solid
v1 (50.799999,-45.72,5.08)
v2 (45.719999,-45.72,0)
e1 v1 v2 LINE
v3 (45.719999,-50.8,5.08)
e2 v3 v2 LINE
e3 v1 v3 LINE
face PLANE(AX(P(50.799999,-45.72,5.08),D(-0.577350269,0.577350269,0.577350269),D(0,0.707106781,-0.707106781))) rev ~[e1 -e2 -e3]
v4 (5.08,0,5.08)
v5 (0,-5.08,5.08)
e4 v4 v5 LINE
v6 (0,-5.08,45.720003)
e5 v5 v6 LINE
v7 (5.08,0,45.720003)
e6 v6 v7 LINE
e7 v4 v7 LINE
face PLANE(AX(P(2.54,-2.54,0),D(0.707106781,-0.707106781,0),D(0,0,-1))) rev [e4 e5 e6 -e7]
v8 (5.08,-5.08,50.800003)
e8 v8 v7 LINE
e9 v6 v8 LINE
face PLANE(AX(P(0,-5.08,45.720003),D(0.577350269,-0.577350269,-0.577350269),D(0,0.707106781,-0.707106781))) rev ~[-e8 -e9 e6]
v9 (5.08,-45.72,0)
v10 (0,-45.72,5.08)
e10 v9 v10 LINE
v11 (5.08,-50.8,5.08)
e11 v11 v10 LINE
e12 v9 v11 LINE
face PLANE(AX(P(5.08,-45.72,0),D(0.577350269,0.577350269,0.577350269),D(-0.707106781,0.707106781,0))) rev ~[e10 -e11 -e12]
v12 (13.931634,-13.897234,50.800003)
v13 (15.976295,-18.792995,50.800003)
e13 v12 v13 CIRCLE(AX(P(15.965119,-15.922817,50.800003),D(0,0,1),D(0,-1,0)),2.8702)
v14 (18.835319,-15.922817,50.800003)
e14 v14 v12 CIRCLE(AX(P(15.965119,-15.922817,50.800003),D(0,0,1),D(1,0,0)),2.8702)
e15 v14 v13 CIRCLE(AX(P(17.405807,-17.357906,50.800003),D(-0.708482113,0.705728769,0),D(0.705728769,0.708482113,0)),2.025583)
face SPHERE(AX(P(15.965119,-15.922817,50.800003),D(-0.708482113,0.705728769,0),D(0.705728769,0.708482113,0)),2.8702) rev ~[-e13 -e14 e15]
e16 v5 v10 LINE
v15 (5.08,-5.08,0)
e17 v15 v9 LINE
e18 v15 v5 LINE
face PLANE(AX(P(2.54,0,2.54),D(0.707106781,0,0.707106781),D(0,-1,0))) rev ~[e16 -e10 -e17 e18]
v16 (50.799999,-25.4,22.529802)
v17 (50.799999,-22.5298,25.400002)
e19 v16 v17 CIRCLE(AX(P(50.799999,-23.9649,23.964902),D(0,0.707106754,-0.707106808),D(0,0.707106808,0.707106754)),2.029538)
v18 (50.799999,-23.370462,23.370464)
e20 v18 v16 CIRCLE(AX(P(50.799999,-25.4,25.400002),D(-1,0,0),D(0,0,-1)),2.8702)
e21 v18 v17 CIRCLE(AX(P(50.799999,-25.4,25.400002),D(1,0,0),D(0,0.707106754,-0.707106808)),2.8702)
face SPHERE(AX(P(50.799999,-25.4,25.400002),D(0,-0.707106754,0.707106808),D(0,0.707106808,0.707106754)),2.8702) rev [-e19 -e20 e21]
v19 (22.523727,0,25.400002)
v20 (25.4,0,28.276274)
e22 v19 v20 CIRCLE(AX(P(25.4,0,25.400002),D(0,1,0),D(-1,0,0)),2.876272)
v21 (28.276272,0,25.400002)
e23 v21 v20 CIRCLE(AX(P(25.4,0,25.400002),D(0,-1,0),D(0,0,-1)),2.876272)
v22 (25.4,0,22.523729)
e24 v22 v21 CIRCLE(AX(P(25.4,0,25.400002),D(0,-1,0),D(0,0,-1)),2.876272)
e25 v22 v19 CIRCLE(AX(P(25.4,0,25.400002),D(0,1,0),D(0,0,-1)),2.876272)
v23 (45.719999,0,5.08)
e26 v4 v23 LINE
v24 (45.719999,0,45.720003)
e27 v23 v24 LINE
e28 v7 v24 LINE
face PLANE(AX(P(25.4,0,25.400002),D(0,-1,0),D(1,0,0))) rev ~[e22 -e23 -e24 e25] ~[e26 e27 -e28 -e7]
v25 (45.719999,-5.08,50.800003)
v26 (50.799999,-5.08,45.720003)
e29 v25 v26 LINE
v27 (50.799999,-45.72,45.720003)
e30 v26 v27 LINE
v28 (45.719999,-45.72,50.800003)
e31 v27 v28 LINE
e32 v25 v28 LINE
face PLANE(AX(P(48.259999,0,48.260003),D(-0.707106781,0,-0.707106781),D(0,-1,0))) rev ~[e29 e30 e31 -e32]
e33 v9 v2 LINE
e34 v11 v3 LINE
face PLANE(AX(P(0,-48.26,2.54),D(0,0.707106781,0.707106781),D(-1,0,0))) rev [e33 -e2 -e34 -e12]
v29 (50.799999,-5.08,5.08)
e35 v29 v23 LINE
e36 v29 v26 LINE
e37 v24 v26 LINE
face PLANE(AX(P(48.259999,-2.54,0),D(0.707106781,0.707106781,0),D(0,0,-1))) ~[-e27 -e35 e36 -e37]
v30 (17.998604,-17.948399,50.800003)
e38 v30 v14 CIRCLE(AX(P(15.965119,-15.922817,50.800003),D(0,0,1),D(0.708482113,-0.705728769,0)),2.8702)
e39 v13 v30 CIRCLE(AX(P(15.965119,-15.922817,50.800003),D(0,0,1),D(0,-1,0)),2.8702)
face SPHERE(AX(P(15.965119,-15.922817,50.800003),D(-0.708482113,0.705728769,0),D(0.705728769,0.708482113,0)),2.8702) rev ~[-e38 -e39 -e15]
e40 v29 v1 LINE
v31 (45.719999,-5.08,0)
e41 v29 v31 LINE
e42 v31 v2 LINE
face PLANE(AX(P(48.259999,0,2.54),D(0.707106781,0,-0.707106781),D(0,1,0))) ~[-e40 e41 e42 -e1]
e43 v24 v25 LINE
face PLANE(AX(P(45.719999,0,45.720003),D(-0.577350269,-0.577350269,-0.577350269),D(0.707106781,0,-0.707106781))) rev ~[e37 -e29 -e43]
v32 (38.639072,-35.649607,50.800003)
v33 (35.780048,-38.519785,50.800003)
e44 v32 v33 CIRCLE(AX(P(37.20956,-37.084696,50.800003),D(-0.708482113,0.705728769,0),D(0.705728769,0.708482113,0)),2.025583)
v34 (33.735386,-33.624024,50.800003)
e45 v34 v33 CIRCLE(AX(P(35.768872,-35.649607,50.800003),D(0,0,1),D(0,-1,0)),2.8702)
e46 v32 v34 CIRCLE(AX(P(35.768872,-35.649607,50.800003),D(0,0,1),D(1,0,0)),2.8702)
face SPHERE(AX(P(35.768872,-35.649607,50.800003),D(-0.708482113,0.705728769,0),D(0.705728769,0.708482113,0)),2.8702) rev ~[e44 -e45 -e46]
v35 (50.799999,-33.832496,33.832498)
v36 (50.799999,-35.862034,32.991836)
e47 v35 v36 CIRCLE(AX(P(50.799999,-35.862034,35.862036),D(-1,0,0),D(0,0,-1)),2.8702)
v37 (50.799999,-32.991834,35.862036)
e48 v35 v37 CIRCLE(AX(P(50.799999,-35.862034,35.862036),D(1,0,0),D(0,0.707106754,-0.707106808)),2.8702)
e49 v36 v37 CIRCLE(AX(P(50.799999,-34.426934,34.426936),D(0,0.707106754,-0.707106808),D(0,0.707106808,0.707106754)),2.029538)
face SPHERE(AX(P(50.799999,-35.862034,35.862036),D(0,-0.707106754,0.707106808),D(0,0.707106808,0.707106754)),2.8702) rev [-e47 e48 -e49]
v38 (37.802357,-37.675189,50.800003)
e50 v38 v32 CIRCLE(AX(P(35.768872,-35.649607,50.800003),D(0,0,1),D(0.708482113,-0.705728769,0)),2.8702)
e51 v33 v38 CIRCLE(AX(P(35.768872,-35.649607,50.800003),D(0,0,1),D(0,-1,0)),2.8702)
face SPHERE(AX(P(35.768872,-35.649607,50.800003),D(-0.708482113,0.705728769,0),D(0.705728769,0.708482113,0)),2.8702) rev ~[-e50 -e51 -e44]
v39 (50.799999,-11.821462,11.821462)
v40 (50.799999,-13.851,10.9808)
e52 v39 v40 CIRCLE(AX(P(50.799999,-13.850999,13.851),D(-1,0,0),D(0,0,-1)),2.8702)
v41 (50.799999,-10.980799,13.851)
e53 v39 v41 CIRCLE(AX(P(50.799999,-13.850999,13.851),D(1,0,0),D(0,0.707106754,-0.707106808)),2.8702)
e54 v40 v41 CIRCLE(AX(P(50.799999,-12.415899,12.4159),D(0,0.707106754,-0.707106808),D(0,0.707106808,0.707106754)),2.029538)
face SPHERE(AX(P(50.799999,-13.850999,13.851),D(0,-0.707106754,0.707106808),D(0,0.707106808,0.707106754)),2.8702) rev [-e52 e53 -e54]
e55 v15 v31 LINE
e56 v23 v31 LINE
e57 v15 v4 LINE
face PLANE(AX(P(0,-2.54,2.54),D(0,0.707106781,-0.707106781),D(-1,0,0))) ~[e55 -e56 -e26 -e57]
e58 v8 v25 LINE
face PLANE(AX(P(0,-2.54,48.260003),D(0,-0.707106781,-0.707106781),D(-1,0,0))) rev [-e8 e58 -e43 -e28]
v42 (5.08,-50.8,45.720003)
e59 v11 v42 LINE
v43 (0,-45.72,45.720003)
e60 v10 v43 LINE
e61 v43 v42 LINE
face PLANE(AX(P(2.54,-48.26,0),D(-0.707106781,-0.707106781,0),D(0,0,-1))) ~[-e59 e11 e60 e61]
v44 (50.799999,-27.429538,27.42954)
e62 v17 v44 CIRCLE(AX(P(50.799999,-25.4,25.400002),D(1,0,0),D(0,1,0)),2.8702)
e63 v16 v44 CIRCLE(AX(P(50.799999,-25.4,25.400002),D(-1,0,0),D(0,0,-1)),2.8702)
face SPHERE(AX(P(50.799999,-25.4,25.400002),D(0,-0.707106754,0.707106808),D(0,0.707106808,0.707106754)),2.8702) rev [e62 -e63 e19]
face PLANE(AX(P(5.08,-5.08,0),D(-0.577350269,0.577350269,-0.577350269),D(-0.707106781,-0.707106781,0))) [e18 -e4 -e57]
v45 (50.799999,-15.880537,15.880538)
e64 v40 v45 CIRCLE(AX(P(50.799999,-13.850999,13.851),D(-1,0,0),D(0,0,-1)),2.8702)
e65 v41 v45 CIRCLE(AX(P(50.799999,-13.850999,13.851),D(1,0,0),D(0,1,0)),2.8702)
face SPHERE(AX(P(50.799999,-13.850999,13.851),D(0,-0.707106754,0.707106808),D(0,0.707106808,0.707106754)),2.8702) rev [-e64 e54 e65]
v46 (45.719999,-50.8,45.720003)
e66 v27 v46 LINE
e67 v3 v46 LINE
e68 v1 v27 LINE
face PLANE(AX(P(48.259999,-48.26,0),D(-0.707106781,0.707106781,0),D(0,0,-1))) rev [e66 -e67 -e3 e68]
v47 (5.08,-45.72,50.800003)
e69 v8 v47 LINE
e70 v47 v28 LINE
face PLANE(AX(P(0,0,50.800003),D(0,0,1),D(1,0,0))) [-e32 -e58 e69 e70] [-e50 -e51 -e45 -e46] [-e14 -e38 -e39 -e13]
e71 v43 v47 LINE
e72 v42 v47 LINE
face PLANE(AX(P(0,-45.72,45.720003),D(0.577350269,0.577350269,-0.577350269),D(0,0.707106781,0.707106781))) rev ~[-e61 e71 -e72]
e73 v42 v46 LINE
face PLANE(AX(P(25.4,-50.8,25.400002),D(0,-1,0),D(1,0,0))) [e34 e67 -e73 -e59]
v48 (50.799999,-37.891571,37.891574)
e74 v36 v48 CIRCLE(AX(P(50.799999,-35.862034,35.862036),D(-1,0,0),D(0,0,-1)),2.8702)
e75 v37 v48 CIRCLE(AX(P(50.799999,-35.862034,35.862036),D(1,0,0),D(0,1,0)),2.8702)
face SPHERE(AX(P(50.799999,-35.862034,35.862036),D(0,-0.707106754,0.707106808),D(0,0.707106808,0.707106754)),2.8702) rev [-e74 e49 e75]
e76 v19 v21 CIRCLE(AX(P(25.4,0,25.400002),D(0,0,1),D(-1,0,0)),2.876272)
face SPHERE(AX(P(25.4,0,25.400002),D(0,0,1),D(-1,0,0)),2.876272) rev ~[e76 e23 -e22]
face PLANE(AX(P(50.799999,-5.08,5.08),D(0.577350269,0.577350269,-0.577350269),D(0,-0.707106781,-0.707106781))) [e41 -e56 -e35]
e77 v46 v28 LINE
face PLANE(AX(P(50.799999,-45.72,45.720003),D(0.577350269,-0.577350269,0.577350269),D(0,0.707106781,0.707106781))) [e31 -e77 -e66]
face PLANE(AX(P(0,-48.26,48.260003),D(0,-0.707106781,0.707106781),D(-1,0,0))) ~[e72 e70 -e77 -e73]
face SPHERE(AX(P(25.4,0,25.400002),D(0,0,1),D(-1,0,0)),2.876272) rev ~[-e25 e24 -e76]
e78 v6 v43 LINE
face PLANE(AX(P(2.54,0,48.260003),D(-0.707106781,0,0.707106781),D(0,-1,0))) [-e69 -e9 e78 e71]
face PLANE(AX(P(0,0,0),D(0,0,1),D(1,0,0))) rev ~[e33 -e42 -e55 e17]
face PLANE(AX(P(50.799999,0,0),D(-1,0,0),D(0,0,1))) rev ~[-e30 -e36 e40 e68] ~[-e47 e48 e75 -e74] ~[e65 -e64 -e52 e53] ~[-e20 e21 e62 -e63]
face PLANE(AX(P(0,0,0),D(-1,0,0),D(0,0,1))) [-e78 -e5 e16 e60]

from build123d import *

# Parameters (mm, degrees)
F0_W     = 50.7999993861
F0_H     = 50.8000031114
F1_DEPTH = 50.8
F2_SIZE  = 5.08


with BuildPart() as f1:
    # F0 (on Front) → F1 (new body)
    with BuildSketch(Plane.XZ):
        with Locations((25.399999693, 25.4000015557)):
            Rectangle(F0_W, F0_H)
    extrude(amount=F1_DEPTH)

    # F2
    f2_edges = [f1.edges().sort_by_distance(p)[0] for p in [
        (25.4, -50.8, 50.800003),
        (0, -50.8, 25.400002),
        (25.4, -50.8, 0),
        (50.799999, -50.8, 25.400002),
        (50.799999, -25.4, 50.800003),
        (25.4, 0, 50.800003),
        (0, -25.4, 50.800003),
        (0, 0, 25.400002),
        (25.4, 0, 0),
        (50.799999, 0, 25.400002),
        (0, -25.4, 0),
        (50.799999, -25.4, 0),
    ]]
    chamfer(f2_edges, length=F2_SIZE)

    # F3 (on face) → F4 (revolve, cut)
    with BuildSketch(Plane(origin=(0, 0, 0), x_dir=(-1, 0, 0), z_dir=(0, 1, 0))):
        with BuildLine():
            Line((-25.399999693, 28.2762738749), (-25.399999693, 22.5237292365))
            ThreePointArc((-25.399999693, 22.5237292365), (-23.3661680316, 23.3661698942), (-22.5237273738, 25.4000015557))
            ThreePointArc((-22.5237273738, 25.4000015557), (-23.3661680316, 27.4338332171), (-25.399999693, 28.2762738749))
        make_face()
    revolve(axis=Axis((25.399999693, 0, 25.4000015557), (0, 0, 1)), mode=Mode.SUBTRACT)

    # F5 (on face) → F6 (revolve, cut)
    with BuildSketch(Plane.XY.offset(50.8000031114)):
        with BuildLine():
            Line((33.7353862623, -33.6240240537), (37.8023569838, -37.6751894799))
            ThreePointArc((37.8023569838, -37.6751894799), (38.4216586219, -36.745402906), (38.639071623, -35.6496067668))
            ThreePointArc((38.639071623, -35.6496067668), (36.8646677623, -32.9968197679), (33.7353862623, -33.6240240537))
        make_face()
        with BuildLine():
            ThreePointArc((18.8353189816, -15.9228166067), (17.0609151208, -13.2700296079), (13.9316336208, -13.8972338936))
            Line((13.9316336208, -13.8972338936), (17.9986043423, -17.9483993198))
            ThreePointArc((17.9986043423, -17.9483993198), (18.6179059804, -17.018612746), (18.8353189816, -15.9228166067))
        make_face()
    revolve(axis=Axis((25.2446672624, -25.1663021739, 50.8000031114), (-0.708482113, 0.7057287691, 0)), mode=Mode.SUBTRACT)

    # F7 (on face) → F8 (revolve, cut)
    with BuildSketch(Plane.YZ.offset(50.7999993861)):
        with BuildLine():
            ThreePointArc((-32.9918336927, 35.8620360494), (-34.7636556544, 38.5137550626), (-37.8915714984, 37.8915740104))
            Line((-37.8915714984, 37.8915740104), (-33.832495887, 33.8324980883))
            ThreePointArc((-33.832495887, 33.8324980883), (-33.2103146795, 34.763658011), (-32.9918336927, 35.8620360494))
        make_face()
        with BuildLine():
            ThreePointArc((-22.5298, 25.4000015557), (-24.3016219617, 28.0517205689), (-27.4295378057, 27.4295395167))
            Line((-27.4295378057, 27.4295395167), (-23.3704621943, 23.3704635946))
            ThreePointArc((-23.3704621943, 23.3704635946), (-22.7482809868, 24.3016235174), (-22.5298, 25.4000015557))
        make_face()
        with BuildLine():
            Line((-15.8805371302, 15.8805379571), (-11.8214615189, 11.821462035))
            ThreePointArc((-11.8214615189, 11.821462035), (-11.1992803114, 12.7526219577), (-10.9807993246, 13.8509999961))
            ThreePointArc((-10.9807993246, 13.8509999961), (-12.7526212862, 16.5027190093), (-15.8805371302, 15.8805379571))
        make_face()
    revolve(axis=Axis((50.7999993861, -25.4, 25.4000015557), (0, 0.7071067541, -0.7071068083)), mode=Mode.SUBTRACT)


solid = f1.part
